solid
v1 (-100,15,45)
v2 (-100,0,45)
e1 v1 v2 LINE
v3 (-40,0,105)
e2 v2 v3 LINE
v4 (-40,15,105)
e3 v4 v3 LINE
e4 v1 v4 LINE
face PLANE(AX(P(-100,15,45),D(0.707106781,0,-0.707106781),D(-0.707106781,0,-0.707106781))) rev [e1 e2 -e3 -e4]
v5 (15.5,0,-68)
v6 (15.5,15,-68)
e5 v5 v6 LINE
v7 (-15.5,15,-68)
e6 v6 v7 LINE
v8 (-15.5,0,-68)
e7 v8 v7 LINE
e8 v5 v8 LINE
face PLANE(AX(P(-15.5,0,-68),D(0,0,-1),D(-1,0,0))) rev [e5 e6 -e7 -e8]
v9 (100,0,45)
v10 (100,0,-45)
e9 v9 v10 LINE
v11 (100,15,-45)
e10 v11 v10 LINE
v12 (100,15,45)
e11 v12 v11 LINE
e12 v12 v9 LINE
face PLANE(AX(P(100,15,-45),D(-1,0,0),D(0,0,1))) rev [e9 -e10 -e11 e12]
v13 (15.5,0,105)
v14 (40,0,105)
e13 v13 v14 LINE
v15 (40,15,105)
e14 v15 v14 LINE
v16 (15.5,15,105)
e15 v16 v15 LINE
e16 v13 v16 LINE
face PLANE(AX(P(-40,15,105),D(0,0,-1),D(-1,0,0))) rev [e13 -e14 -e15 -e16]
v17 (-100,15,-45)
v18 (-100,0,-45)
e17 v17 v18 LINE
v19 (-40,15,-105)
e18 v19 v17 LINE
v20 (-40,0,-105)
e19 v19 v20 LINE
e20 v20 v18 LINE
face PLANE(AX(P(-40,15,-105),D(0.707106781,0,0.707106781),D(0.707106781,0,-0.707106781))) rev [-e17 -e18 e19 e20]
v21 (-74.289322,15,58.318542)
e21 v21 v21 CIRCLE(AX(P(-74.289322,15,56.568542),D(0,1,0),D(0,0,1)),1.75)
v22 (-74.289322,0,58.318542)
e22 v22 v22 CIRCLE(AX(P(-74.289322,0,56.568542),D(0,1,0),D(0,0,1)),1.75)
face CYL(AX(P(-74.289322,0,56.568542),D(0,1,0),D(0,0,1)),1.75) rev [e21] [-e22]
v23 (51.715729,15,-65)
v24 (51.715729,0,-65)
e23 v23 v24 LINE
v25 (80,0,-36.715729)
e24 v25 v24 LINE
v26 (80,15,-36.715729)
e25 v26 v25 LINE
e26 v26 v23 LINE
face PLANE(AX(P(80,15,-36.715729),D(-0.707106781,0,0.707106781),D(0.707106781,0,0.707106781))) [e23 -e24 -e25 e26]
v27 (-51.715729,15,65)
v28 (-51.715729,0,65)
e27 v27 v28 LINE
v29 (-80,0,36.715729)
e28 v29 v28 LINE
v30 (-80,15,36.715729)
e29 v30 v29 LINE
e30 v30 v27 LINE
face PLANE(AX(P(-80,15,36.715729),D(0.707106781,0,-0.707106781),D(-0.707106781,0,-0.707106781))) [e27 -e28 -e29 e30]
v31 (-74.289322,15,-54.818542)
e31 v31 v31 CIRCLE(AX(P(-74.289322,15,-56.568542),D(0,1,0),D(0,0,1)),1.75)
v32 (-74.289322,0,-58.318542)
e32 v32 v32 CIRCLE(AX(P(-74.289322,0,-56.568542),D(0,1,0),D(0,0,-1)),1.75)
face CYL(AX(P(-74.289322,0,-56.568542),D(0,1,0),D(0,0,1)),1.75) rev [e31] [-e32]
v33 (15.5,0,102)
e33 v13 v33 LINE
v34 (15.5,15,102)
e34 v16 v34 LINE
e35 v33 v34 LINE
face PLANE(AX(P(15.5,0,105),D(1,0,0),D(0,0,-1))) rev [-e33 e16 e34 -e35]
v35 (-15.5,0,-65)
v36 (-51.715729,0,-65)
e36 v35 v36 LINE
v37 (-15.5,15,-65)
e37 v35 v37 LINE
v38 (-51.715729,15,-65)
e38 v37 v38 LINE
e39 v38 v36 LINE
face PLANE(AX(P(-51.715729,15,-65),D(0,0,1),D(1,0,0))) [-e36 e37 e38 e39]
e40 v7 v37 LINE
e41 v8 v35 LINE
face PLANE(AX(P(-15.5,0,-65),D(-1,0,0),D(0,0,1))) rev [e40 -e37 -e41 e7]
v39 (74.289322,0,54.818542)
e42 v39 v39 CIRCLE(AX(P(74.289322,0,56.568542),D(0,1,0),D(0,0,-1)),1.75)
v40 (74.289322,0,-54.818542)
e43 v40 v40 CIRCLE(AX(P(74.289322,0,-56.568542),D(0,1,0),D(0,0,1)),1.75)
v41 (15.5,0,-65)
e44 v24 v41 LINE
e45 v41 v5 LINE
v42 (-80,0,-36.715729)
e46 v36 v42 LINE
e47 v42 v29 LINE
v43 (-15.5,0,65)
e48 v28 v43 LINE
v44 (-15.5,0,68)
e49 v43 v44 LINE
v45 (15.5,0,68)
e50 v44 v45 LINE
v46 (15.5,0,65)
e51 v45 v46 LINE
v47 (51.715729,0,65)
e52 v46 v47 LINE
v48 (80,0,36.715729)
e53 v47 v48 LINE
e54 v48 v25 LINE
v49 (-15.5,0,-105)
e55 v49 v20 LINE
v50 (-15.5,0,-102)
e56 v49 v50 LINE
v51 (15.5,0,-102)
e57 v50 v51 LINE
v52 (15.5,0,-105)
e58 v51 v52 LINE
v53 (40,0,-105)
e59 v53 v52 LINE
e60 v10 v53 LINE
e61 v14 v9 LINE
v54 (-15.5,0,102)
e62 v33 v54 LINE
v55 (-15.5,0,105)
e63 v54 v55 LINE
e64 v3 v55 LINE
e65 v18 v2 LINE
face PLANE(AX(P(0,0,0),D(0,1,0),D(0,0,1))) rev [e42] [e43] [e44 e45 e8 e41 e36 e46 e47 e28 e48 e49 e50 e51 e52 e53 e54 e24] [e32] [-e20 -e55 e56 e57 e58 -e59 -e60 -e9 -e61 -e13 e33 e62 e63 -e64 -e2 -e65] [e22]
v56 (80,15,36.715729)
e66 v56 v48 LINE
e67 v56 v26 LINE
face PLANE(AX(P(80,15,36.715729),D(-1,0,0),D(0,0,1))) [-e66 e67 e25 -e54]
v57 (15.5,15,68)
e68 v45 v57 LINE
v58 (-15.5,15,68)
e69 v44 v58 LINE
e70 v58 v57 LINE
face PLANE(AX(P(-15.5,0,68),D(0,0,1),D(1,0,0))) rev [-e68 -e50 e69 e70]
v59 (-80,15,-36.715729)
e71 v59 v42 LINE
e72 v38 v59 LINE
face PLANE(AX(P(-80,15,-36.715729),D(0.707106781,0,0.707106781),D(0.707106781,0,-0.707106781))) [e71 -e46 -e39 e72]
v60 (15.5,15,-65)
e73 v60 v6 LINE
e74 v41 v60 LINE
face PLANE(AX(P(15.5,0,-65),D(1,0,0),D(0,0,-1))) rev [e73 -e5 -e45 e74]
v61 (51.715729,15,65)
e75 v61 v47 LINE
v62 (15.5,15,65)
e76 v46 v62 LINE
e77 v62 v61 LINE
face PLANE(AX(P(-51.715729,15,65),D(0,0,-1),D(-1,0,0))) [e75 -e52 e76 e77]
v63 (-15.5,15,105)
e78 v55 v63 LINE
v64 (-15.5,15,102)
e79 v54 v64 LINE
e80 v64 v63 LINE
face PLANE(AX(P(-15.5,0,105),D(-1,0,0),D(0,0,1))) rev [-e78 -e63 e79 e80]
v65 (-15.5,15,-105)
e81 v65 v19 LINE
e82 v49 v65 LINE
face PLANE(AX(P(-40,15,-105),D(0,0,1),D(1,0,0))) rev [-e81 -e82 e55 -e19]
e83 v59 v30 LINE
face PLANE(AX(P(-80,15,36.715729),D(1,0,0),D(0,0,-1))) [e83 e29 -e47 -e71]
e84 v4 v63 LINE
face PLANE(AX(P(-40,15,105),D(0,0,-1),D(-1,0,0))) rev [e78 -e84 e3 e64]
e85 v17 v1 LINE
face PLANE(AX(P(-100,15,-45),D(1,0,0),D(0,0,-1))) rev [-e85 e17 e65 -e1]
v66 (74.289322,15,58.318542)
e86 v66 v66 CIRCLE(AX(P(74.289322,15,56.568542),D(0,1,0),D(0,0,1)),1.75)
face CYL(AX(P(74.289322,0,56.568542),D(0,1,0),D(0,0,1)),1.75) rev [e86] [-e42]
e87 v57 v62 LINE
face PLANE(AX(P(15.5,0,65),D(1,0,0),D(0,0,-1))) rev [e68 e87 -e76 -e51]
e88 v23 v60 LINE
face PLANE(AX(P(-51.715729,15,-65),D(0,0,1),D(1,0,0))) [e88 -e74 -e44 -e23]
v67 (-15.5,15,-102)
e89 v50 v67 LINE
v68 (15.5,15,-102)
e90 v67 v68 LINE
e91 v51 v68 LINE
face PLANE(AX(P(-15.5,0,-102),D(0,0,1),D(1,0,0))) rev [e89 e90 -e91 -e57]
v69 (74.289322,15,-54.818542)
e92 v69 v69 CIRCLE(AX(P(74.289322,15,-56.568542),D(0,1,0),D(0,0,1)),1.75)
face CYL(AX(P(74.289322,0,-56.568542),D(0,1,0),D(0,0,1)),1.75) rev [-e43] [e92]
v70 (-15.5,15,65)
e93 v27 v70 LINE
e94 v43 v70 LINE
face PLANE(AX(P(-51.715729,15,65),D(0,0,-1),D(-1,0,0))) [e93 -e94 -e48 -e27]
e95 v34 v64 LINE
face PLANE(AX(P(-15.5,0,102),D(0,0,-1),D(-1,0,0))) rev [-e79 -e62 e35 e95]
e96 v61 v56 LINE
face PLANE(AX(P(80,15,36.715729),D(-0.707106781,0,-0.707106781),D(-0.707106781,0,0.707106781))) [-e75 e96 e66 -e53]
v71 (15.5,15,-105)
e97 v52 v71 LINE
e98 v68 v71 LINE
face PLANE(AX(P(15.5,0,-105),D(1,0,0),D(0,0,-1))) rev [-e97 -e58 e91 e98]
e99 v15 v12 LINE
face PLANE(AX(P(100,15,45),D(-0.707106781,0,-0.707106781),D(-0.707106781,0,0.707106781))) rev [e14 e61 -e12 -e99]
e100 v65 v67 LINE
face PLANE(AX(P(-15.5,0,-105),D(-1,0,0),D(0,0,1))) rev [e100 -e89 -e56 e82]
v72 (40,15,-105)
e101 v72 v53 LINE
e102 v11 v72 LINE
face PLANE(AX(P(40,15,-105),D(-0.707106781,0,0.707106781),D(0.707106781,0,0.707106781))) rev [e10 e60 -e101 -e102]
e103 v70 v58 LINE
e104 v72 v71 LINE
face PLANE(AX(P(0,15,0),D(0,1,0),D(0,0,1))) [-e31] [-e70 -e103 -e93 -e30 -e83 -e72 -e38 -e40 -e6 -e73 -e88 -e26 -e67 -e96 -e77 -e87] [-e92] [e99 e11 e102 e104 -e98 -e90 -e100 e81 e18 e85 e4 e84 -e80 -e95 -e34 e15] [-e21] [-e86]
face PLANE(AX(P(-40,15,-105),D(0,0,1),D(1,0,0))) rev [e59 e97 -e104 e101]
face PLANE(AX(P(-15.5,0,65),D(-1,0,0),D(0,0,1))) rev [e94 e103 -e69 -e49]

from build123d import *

# Parameters (mm, degrees)
EXTRUDE_15_DEPTH         = 15
CUT_EXTRUDE_1_DEPTH      = 146.773797371
CUT_EXTRUDE_1_DEPTH_BACK = 146.773797371
SKETCH_2_R               = 1.75
SKETCH_2_W               = 31
SKETCH_2_H               = 3


with BuildPart() as part:
    # 草图1 → 15台 (new body)
    with BuildSketch(Plane(origin=(0, 0, 0), x_dir=(1, 0, 0), z_dir=(0, 1, 0))):
        Polygon((40, 105), (100, 45), (100, -45), (40, -105), (-40, -105), (-100, -45), (-100, 45), (-40, 105), align=None)
        Polygon((-80, -36.715728753), (-80, 36.715728753), (-51.715728753, 65), (51.715728753, 65), (80, 36.715728753), (80, -36.715728753), (51.715728753, -65), (-51.715728753, -65), align=None, mode=Mode.SUBTRACT)
    extrude(amount=EXTRUDE_15_DEPTH)

    # 草图2 → 切除-拉伸1 (cut, two sides: drawn at the far end of the back side and taken through both)
    with BuildSketch(Plane(origin=(0, 15, 0), x_dir=(1, 0, 0), z_dir=(0, 1, 0)).offset(-CUT_EXTRUDE_1_DEPTH_BACK)):
        with Locations(Location((-74.289321881, -56.568542495, 0), (0, 0, 270))):
            Circle(SKETCH_2_R)
        with Locations(Location((74.289321881, 56.568542495, 0), (0, 0, 270))):
            Circle(SKETCH_2_R)
        with Locations(Location((-74.289321881, 56.568542495, 0), (0, 0, 270))):
            Circle(SKETCH_2_R)
        with Locations(Location((74.289321881, -56.568542495, 0), (0, 0, 270))):
            Circle(SKETCH_2_R)
        with Locations((0, 103.5)):
            Rectangle(SKETCH_2_W, SKETCH_2_H)
        with Locations((0, 66.5)):
            Rectangle(SKETCH_2_W, SKETCH_2_H)
        with Locations((0, -66.5)):
            Rectangle(SKETCH_2_W, SKETCH_2_H)
        with Locations((0, -103.5)):
            Rectangle(SKETCH_2_W, SKETCH_2_H)
    extrude(amount=CUT_EXTRUDE_1_DEPTH + CUT_EXTRUDE_1_DEPTH_BACK, mode=Mode.SUBTRACT)


solid = part.part
